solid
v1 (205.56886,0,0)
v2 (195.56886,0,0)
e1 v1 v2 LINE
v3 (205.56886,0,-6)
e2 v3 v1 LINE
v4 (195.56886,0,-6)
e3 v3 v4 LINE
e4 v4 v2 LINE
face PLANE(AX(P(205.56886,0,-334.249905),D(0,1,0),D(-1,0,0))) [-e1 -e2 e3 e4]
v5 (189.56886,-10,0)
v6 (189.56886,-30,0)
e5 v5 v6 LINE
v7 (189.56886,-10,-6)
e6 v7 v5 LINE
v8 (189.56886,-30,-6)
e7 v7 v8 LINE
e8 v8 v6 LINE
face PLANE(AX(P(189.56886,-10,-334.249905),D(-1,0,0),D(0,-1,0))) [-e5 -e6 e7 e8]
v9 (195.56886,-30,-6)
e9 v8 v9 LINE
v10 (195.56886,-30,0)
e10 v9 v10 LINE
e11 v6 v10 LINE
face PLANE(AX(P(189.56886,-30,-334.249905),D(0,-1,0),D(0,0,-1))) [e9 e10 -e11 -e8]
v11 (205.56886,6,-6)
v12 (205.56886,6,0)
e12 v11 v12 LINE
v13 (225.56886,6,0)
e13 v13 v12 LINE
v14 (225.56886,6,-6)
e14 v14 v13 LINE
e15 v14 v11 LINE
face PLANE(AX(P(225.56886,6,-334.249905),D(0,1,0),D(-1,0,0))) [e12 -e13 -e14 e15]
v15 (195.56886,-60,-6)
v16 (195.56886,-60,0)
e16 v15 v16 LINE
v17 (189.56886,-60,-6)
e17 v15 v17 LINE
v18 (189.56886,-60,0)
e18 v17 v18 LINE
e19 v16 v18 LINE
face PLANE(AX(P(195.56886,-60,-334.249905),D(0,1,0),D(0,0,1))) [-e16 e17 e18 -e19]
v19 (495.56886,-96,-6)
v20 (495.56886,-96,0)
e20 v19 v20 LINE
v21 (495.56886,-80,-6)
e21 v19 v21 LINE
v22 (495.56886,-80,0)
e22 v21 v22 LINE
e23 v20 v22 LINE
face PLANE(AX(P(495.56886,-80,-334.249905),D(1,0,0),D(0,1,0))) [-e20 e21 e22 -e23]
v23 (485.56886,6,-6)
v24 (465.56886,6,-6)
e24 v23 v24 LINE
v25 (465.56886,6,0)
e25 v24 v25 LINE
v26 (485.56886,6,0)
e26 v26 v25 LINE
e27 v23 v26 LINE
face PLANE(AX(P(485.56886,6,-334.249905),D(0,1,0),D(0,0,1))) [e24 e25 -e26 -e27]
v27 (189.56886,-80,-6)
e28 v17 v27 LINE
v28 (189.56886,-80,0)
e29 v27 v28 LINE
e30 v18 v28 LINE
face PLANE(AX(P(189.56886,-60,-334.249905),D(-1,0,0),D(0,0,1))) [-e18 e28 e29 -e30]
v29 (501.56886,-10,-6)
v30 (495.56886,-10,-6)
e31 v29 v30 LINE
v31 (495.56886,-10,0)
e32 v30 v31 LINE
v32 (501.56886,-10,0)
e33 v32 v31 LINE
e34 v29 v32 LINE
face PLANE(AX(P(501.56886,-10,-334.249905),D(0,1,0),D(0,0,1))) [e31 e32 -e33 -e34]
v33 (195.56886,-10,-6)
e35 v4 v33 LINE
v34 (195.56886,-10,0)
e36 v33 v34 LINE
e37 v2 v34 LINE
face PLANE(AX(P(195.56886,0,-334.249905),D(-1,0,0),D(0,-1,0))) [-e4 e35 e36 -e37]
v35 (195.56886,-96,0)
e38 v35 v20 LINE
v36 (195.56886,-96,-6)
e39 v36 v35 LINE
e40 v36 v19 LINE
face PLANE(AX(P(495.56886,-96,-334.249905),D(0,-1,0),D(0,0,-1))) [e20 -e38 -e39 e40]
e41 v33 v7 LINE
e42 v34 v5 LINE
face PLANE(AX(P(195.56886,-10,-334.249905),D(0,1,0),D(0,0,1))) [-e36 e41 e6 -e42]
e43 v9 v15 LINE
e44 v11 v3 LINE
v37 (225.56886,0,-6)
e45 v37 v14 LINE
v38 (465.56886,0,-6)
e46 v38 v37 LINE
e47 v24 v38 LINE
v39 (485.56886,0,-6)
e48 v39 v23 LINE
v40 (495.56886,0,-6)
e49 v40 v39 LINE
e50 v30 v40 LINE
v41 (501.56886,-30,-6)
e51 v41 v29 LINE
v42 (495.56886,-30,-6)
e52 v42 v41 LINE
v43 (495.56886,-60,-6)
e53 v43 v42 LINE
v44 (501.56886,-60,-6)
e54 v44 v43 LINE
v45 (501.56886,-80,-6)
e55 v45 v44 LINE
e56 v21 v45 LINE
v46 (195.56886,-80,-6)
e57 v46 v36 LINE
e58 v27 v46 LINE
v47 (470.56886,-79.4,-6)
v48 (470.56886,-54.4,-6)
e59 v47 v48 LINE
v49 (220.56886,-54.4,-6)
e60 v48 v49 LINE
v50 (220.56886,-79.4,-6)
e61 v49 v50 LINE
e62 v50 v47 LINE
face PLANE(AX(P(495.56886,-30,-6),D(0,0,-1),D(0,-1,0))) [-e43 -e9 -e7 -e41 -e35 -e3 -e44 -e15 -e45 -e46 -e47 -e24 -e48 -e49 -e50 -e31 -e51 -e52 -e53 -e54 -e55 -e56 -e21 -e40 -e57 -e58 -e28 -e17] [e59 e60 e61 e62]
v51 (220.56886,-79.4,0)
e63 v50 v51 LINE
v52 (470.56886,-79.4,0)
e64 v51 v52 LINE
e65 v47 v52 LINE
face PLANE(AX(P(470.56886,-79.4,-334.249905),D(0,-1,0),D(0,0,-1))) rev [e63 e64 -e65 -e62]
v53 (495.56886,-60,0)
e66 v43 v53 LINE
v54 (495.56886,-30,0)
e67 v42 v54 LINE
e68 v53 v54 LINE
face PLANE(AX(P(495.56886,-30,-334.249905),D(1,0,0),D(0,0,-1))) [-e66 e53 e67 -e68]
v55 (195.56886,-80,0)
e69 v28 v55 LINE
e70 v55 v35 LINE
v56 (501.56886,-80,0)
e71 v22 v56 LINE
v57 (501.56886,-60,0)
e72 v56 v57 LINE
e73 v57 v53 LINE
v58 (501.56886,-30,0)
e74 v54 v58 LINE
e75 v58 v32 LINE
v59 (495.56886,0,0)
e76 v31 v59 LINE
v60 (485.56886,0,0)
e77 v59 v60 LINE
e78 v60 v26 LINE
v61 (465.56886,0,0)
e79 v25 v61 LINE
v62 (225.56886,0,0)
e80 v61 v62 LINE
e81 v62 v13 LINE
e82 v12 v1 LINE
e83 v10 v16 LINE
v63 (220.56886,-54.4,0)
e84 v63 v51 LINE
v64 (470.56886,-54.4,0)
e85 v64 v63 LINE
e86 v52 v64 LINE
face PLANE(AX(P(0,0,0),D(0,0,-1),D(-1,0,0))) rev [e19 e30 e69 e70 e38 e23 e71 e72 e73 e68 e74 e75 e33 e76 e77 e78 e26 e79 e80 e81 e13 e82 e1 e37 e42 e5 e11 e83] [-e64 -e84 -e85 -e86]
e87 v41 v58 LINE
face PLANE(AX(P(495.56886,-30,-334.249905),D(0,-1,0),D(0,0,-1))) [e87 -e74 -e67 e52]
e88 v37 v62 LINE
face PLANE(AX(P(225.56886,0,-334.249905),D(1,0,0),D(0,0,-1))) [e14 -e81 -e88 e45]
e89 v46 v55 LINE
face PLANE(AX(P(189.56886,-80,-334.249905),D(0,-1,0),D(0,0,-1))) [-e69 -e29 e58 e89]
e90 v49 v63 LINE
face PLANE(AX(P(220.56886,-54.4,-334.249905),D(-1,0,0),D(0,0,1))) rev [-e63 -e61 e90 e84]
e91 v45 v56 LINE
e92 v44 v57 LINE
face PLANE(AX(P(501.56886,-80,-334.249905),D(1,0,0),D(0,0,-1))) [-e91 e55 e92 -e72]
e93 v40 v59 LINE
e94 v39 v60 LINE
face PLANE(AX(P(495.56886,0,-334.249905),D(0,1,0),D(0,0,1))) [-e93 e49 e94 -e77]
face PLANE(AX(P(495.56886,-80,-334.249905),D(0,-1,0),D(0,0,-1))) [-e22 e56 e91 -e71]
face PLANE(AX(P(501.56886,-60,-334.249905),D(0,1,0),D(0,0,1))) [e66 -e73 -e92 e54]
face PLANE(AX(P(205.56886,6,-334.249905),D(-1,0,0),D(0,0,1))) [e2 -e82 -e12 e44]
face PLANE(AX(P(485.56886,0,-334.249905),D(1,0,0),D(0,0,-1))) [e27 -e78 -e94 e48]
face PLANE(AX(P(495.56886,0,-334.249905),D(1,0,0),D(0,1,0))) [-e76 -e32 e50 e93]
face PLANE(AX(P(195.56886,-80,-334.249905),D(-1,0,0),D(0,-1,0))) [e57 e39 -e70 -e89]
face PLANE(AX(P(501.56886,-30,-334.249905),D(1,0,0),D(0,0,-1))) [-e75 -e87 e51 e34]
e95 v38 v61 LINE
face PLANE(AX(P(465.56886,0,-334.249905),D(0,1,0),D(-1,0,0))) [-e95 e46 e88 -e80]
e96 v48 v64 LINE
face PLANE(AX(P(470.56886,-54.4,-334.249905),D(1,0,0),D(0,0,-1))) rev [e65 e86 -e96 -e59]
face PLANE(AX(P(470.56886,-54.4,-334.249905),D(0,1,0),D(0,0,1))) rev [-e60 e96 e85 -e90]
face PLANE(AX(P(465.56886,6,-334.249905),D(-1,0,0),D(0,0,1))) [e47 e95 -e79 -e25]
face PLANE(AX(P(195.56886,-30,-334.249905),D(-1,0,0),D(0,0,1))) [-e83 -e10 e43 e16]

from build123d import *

# Parameters (mm, degrees)
SKETCH1_W           = 250
SKETCH1_H           = 25
BOSS_EXTRUDE1_DEPTH = 6


with BuildPart() as part:
    # Sketch1 → Boss-Extrude1 (new body)
    with BuildSketch(Plane.XY):
        Polygon((495.568859933, -96.000000001), (195.568859933, -96.000000001), (195.568859933, -80.000000001), (189.568859933, -80.000000001), (189.568859933, -60.000000001), (195.568859933, -60.000000001), (195.568859933, -30.000000001), (189.568859933, -30.000000001), (189.568859933, -10.000000001), (195.568859933, -10.000000001), (195.568859933, 0), (205.568859933, 0), (205.568859933, 6), (225.568859933, 6), (225.568859933, 0), (465.568859933, 0), (465.568859933, 6), (485.568859933, 6), (485.568859933, 0), (495.568859933, 0), (495.568859933, -10), (501.568859933, -10), (501.568859933, -30), (495.568859933, -30), (495.568859933, -60), (501.568859933, -60), (501.568859933, -80), (495.568859933, -80), align=None)
        with Locations((345.568859933, -66.9)):
            Rectangle(SKETCH1_W, SKETCH1_H, mode=Mode.SUBTRACT)
    extrude(amount=-BOSS_EXTRUDE1_DEPTH)


solid = part.part
